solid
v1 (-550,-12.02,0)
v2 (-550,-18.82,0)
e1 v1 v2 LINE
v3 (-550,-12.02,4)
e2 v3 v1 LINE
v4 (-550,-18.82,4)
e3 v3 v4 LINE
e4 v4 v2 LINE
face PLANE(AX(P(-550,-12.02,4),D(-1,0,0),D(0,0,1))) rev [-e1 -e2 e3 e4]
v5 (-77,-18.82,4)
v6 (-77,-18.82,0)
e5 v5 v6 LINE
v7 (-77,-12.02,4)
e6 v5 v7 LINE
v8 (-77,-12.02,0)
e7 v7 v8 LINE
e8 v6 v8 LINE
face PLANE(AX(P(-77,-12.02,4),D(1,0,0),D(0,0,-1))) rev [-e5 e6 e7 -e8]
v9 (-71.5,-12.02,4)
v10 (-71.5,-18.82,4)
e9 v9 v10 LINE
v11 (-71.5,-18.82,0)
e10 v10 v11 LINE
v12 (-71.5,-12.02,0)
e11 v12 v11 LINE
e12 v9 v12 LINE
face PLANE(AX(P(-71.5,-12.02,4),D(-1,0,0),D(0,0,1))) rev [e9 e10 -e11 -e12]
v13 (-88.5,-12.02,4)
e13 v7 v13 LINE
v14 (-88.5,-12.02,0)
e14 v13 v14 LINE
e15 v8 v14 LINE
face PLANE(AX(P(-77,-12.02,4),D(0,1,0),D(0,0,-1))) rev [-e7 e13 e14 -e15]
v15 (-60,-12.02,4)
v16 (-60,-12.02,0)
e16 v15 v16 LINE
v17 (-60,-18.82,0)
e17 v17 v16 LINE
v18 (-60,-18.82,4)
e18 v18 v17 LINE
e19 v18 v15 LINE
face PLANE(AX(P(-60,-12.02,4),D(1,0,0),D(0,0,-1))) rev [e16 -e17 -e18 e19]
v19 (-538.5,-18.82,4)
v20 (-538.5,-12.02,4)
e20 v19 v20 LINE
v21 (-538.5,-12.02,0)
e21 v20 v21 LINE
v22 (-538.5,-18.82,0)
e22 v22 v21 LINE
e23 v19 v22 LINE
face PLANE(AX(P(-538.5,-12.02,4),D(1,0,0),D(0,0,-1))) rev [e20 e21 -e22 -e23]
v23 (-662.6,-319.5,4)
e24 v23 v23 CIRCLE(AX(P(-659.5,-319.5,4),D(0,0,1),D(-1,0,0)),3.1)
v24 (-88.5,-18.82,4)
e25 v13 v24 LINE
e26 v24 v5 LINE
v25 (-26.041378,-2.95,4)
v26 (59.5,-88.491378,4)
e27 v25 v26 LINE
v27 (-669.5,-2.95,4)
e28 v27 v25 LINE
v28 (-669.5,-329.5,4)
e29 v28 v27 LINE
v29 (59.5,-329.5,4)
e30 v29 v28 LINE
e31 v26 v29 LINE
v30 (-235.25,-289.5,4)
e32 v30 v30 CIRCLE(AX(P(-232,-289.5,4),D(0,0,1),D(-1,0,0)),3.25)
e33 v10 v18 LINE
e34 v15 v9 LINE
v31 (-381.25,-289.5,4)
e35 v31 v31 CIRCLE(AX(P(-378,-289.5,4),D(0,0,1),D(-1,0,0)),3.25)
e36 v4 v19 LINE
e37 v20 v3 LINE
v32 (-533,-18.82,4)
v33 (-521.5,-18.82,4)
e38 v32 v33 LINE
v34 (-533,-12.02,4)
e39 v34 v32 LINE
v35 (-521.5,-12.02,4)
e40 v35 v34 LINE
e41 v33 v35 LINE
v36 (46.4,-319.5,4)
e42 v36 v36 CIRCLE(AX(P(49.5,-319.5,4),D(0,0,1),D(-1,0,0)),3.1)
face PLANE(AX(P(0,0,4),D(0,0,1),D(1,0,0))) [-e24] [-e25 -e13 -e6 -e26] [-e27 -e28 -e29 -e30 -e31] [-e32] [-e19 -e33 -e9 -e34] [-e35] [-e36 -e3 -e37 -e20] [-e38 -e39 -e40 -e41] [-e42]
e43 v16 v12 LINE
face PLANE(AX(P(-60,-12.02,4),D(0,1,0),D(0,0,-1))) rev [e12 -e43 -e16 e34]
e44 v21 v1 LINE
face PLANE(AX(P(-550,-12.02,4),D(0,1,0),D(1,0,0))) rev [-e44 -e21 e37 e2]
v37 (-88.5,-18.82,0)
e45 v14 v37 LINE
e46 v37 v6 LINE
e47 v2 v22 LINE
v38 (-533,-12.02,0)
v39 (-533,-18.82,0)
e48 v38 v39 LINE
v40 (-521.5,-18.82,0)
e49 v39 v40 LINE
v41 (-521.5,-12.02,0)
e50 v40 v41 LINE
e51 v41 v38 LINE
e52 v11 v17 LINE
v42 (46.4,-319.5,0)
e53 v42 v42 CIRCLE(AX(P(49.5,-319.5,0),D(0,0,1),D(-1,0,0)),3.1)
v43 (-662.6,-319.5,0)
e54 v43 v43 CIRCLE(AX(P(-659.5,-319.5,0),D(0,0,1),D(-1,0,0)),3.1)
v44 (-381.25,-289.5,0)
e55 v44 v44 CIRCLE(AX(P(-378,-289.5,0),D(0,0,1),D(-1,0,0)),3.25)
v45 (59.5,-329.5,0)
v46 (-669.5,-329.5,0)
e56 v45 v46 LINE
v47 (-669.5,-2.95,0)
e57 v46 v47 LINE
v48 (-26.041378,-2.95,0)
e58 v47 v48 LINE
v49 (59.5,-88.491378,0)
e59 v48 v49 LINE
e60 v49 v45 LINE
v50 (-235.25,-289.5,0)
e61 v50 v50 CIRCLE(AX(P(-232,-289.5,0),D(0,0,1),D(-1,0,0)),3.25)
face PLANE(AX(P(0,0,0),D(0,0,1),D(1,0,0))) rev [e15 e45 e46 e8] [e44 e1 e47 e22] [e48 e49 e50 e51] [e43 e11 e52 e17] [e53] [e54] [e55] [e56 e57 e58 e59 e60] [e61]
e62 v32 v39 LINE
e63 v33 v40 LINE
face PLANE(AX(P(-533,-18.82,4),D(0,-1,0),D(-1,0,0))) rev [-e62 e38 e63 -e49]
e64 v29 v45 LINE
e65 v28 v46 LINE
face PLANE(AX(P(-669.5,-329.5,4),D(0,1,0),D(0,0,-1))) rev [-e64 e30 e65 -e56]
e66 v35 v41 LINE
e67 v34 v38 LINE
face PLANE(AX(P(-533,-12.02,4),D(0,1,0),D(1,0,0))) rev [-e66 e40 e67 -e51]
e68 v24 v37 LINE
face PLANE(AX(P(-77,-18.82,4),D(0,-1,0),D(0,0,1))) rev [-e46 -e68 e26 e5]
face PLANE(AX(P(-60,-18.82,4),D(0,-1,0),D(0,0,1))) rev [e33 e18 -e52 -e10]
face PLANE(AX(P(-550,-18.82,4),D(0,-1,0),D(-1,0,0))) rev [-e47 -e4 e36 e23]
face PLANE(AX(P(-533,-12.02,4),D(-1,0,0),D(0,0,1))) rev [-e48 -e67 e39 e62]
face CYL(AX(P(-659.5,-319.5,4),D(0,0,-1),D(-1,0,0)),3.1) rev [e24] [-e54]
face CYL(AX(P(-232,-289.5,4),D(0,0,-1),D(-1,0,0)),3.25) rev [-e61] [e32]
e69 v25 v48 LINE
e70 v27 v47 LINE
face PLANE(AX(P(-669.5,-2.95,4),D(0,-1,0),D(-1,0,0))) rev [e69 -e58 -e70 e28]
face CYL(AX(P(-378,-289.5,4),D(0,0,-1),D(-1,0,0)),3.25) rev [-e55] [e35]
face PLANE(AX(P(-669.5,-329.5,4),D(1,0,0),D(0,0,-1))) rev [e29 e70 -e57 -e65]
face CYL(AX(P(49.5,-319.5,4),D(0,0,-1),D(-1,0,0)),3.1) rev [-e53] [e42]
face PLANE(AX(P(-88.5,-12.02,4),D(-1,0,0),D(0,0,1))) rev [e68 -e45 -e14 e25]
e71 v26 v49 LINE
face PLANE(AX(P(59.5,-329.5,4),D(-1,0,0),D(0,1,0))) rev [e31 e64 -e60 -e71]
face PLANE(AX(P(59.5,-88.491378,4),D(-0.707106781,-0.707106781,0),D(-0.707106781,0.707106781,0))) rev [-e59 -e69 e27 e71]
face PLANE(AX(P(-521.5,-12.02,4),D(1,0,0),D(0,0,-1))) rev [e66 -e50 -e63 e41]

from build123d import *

# Parameters (mm, degrees)
EXTRUDE_1_DEPTH     = 4
SKETCH_2_W          = 11.5
SKETCH_2_H          = 6.8
CUT_EXTRUDE_1_DEPTH = 747.201380326
SKETCH_3_R          = 3.25
CUT_EXTRUDE_2_DEPTH = 747.201380326
SKETCH_4_R          = 3.1
CUT_EXTRUDE_3_DEPTH = 747.201380326


with BuildPart() as part:
    # Эскиз1 → Бобышка-Вытянуть1 (new body)
    with BuildSketch(Plane.XY):
        Polygon((-669.5, 2.95), (-26.041378029, 2.95), (59.5, 88.491378029), (59.5, 329.5), (-669.5, 329.5), align=None)
    extrude(amount=EXTRUDE_1_DEPTH)

    # Эскиз2 → Вырез-Вытянуть1 (cut, through all)
    with BuildSketch(Plane(origin=(0, 0, 0), x_dir=(-1, 0, 0), z_dir=(0, 0, -1))):
        with Locations((65.75, 15.42)):
            Rectangle(SKETCH_2_W, SKETCH_2_H)
        with Locations((82.75, 15.42)):
            Rectangle(SKETCH_2_W, SKETCH_2_H)
        with Locations((527.25, 15.42)):
            Rectangle(SKETCH_2_W, SKETCH_2_H)
        with Locations((544.25, 15.42)):
            Rectangle(SKETCH_2_W, SKETCH_2_H)
    extrude(amount=-CUT_EXTRUDE_1_DEPTH, mode=Mode.SUBTRACT)

    # Эскиз3 → Вырез-Вытянуть2 (cut, through all)
    with BuildSketch(Plane(origin=(0, 0, 0), x_dir=(-1, 0, 0), z_dir=(0, 0, -1))):
        with Locations((232, 289.5)):
            Circle(SKETCH_3_R)
        with Locations((378, 289.5)):
            Circle(SKETCH_3_R)
    extrude(amount=-CUT_EXTRUDE_2_DEPTH, mode=Mode.SUBTRACT)

    # Эскиз4 → Вырез-Вытянуть3 (cut, through all)
    with BuildSketch(Plane(origin=(0, 0, 0), x_dir=(-1, 0, 0), z_dir=(0, 0, -1))):
        with Locations((-49.5, 319.5)):
            Circle(SKETCH_4_R)
        with Locations((659.5, 319.5)):
            Circle(SKETCH_4_R)
    extrude(amount=-CUT_EXTRUDE_3_DEPTH, mode=Mode.SUBTRACT)


with BuildPart() as body_2:
    # Зеркальное отражение1: mirrored copy
    add(part.part.mirror(Plane.ZX))


solid = body_2.part
